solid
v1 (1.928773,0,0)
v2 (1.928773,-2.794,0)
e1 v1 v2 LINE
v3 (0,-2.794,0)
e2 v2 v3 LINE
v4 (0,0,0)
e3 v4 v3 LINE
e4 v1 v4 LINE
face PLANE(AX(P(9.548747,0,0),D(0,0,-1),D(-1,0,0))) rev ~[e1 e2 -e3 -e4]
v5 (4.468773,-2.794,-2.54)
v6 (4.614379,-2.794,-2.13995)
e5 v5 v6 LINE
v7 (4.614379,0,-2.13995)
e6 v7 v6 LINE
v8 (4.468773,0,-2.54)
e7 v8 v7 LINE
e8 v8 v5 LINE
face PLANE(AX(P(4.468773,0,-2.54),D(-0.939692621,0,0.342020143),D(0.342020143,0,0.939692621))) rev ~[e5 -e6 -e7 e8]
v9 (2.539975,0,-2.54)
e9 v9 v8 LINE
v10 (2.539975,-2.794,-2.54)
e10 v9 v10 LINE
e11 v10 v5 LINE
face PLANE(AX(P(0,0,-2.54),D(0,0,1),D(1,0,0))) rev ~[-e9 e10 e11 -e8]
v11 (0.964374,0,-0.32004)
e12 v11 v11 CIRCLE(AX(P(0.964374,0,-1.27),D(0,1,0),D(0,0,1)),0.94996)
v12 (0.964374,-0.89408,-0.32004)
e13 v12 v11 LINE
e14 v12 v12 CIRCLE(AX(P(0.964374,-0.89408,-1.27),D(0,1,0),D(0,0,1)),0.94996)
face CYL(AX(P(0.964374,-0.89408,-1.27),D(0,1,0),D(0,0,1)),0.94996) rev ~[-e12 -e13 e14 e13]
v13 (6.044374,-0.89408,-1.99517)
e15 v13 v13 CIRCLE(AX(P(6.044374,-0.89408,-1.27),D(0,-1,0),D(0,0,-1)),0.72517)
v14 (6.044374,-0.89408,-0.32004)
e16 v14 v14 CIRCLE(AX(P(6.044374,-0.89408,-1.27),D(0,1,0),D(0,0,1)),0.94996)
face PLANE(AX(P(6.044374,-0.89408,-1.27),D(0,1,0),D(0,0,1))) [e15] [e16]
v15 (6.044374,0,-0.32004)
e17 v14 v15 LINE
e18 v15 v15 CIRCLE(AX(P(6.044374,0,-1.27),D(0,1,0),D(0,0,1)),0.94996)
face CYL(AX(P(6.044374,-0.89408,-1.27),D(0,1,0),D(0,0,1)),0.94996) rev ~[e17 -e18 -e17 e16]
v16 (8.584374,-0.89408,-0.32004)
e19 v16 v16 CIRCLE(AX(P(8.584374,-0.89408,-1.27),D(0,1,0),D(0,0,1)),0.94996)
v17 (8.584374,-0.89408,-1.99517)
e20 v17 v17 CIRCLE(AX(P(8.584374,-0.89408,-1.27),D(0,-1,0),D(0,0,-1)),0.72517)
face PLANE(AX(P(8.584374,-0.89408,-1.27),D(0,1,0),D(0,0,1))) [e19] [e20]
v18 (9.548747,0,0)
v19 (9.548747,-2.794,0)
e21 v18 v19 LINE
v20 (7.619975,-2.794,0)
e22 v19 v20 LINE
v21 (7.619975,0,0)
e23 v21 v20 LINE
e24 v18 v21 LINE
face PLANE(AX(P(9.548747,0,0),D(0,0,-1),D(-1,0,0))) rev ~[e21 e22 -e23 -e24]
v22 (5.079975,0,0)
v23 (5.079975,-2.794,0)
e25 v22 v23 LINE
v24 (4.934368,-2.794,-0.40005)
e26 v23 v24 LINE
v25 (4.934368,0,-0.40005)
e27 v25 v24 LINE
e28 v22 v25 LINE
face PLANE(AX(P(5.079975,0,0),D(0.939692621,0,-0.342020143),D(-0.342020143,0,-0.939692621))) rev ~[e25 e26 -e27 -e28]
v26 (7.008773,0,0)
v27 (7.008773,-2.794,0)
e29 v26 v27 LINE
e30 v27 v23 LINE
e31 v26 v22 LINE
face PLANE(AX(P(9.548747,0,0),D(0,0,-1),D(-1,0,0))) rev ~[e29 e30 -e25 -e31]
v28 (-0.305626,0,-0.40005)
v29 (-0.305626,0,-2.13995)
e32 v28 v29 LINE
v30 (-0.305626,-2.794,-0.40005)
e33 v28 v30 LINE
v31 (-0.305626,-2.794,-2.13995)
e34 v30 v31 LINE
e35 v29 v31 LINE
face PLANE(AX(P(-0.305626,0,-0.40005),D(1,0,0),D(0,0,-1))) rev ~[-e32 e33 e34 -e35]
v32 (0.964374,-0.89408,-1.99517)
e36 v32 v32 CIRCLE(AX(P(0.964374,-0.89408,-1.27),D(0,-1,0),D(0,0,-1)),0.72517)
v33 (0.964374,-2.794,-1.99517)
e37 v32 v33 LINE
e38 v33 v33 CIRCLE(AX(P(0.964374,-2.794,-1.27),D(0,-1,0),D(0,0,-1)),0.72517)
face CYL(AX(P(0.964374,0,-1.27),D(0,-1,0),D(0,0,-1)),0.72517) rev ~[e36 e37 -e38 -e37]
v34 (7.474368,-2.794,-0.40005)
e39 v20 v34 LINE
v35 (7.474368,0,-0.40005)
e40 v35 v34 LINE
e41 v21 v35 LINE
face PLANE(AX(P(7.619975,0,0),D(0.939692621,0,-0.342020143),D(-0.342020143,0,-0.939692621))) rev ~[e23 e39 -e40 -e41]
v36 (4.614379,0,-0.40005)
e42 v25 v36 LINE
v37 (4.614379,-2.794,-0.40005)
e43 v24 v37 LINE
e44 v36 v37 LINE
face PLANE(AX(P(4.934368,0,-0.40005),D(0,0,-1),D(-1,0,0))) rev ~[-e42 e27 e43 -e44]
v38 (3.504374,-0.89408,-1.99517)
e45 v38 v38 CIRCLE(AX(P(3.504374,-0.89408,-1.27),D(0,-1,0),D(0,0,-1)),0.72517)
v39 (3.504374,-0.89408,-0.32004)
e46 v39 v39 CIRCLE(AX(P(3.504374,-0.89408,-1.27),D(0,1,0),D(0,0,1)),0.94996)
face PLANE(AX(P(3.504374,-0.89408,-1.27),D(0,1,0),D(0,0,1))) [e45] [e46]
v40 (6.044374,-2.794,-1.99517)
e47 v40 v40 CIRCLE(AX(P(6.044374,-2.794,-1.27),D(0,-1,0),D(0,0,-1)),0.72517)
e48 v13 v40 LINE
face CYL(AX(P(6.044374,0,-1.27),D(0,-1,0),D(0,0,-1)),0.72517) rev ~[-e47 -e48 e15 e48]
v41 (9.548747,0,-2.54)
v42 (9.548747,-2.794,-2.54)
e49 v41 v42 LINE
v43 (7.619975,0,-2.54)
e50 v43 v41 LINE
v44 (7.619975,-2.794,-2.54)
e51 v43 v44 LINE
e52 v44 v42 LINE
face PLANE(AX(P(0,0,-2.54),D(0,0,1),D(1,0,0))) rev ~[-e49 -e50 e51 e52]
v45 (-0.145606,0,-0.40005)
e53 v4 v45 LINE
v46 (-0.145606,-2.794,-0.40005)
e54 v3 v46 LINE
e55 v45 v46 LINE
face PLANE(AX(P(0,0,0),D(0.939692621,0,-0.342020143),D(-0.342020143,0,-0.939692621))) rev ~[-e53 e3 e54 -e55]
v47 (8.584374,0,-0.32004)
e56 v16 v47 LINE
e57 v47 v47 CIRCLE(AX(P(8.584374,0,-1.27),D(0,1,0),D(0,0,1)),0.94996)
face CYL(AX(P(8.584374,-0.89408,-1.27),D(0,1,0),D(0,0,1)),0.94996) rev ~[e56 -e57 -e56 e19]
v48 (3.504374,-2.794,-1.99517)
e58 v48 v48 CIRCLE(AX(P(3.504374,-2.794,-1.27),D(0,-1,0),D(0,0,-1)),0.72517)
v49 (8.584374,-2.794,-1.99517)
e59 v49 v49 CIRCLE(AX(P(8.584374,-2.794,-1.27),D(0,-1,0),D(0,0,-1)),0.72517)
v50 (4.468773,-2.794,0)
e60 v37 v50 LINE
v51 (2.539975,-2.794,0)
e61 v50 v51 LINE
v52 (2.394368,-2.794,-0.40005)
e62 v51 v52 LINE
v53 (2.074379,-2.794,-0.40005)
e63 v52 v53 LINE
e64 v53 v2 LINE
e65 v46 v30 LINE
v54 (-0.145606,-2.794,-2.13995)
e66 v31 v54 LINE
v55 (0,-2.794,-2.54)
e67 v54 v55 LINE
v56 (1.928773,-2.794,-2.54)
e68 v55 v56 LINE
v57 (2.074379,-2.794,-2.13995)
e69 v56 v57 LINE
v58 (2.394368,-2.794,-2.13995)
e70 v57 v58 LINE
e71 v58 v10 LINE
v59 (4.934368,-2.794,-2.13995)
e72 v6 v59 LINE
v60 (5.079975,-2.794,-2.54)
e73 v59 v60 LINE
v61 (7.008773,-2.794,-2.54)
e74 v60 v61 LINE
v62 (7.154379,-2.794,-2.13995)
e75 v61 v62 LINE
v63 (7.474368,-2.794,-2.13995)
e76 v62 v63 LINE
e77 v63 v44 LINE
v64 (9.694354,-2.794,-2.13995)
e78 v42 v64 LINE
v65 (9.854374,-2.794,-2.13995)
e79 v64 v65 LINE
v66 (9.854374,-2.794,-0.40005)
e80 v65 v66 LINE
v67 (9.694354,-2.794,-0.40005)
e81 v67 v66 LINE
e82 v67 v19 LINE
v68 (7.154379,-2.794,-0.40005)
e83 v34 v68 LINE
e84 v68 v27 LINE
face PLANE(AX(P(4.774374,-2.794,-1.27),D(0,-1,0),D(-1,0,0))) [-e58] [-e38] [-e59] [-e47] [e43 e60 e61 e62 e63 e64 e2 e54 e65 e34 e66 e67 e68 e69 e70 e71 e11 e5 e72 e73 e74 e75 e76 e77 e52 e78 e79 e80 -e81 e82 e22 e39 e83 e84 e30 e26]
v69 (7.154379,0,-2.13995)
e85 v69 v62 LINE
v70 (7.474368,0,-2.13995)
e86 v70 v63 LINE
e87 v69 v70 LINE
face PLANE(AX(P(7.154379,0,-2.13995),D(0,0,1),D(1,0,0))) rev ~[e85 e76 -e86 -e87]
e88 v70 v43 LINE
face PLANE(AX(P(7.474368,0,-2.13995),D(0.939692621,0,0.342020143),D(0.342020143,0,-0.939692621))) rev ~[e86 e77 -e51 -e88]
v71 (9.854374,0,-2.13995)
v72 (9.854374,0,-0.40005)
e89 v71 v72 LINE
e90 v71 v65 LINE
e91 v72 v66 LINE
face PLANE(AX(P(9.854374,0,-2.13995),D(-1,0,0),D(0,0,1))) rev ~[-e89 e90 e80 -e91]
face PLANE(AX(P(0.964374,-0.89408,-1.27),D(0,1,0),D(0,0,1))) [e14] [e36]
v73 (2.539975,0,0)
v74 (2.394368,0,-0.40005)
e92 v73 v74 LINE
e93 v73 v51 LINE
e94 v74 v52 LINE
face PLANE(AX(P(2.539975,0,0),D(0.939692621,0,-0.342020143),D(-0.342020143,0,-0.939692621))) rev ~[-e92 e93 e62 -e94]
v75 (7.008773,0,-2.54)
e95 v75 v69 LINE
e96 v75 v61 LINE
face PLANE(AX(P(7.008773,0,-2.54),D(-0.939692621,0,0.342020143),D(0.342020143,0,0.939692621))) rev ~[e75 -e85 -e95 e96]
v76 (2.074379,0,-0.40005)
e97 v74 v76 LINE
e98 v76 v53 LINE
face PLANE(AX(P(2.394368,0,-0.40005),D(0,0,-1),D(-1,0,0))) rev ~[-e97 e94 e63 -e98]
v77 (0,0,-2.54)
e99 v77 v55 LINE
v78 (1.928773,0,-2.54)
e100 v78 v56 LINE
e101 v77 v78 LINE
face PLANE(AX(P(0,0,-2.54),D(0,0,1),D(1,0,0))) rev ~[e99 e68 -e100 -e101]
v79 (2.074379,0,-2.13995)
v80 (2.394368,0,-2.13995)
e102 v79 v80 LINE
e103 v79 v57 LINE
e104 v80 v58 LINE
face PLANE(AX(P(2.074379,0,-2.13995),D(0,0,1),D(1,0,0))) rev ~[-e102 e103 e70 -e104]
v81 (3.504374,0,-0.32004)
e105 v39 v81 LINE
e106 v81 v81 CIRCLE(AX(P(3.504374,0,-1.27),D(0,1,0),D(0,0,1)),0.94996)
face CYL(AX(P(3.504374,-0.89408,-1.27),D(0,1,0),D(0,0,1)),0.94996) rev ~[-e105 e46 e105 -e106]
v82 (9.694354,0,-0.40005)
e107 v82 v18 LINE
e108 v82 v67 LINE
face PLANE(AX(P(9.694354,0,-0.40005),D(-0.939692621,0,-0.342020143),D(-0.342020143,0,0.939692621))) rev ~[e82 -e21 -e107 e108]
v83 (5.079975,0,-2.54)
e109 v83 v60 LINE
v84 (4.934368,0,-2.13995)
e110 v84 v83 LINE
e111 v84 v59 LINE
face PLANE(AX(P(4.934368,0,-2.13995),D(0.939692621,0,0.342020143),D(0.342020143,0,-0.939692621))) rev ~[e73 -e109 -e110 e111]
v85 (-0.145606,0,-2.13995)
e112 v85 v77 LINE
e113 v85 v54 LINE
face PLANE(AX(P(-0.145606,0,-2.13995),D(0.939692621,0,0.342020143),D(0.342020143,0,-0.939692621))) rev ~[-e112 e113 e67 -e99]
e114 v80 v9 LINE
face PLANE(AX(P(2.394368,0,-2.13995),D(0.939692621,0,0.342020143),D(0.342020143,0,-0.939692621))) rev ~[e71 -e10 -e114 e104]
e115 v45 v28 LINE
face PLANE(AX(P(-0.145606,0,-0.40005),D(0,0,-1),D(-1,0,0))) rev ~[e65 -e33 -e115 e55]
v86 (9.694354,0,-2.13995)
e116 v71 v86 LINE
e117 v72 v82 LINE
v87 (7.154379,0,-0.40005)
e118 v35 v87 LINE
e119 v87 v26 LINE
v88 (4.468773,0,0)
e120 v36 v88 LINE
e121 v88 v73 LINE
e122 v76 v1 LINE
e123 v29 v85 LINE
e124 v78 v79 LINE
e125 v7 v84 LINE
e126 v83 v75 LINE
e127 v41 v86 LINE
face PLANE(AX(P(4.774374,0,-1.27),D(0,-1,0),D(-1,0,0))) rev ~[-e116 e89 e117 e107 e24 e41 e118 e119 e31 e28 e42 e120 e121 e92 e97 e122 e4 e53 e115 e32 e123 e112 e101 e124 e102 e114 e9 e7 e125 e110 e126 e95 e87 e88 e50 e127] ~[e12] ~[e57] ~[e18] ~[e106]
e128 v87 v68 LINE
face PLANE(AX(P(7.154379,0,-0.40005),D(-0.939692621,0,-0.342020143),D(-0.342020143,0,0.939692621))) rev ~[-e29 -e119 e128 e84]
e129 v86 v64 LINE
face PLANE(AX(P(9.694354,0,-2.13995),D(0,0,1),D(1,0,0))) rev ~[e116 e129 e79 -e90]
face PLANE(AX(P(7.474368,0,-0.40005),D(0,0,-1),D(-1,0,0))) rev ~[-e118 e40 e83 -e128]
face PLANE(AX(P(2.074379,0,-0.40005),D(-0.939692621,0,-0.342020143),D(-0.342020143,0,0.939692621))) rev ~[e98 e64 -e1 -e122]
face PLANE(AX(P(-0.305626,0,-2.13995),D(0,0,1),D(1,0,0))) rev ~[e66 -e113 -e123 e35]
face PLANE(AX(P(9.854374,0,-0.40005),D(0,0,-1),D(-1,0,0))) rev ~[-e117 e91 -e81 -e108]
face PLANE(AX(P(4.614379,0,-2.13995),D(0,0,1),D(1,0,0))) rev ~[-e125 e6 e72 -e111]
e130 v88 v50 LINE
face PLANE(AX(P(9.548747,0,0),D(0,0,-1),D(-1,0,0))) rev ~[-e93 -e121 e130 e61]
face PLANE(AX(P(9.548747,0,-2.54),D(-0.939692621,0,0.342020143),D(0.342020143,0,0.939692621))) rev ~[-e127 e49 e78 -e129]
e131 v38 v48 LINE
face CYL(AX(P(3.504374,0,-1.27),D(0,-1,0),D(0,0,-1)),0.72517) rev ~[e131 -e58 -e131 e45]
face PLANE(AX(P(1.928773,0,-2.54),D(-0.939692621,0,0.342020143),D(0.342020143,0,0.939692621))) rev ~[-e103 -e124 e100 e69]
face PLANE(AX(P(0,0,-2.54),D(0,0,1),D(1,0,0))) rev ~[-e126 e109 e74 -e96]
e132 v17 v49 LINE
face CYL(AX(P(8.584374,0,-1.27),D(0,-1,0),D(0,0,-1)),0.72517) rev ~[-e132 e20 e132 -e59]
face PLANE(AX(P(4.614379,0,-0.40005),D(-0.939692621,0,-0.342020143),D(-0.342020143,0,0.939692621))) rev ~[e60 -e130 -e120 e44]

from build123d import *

# Parameters (mm, degrees)
EXTRUDE1_DEPTH    = 2.794
HOLE1_D           = 1.45034
HOLE1_CBORE_D     = 1.89992
HOLE1_CBORE_DEPTH = 0.89408
EXTRUDE2_DEPTH    = 2.794
LPATTERN1_COUNT   = 4
LPATTERN1_PITCH   = 2.54
LPATTERN2_COUNT   = 63
LPATTERN2_PITCH   = 2.54


with BuildPart() as part:
    # Sketch1 → Extrude1 (new body)
    with BuildSketch(Plane(origin=(0, 0, 0), x_dir=(1, 0, 0), z_dir=(0, 1, 0))):
        Polygon((9.854373708, 0.40005), (9.694353708, 0.40005), (9.548747416, 0), (0, 0), (-0.145606292, 0.40005), (-0.305626292, 0.40005), (-0.305626292, 2.13995), (-0.145606292, 2.13995), (0, 2.54), (9.548747416, 2.54), (9.694353708, 2.13995), (9.854373708, 2.13995), align=None)
    extrude(amount=-EXTRUDE1_DEPTH)

    # Hole1 (through all)
    with Locations(Plane(origin=(0.964373708, 0, -1.27), x_dir=(0, 0, 1), z_dir=(0, 1, 0))):
        with Locations((0, 0)):
            hole1 = CounterBoreHole(HOLE1_D / 2, HOLE1_CBORE_D / 2, HOLE1_CBORE_DEPTH)

    # Sketch4 → Extrude2 (cut)
    with BuildSketch(Plane(origin=(0, 0, 0), x_dir=(1, 0, 0), z_dir=(0, 1, 0))):
        Polygon((1.928772816, 0), (2.5399746, 0), (2.394368308, 0.40005), (2.074379108, 0.40005), align=None)
        Polygon((2.074379108, 2.13995), (2.394368308, 2.13995), (2.5399746, 2.54), (1.928772816, 2.54), align=None)
    extrude2 = extrude(amount=-EXTRUDE2_DEPTH, mode=Mode.SUBTRACT)

    # LPattern1: Hole1 ×4
    with Locations(*[(i * LPATTERN1_PITCH, 0, 0) for i in range(1, LPATTERN1_COUNT)]):
        add(hole1, mode=Mode.SUBTRACT)

    # LPattern2: Extrude2 ×63
    with Locations(*[(i * LPATTERN2_PITCH, 0, 0) for i in range(1, LPATTERN2_COUNT)]):
        add(extrude2, mode=Mode.SUBTRACT)


solid = part.part
